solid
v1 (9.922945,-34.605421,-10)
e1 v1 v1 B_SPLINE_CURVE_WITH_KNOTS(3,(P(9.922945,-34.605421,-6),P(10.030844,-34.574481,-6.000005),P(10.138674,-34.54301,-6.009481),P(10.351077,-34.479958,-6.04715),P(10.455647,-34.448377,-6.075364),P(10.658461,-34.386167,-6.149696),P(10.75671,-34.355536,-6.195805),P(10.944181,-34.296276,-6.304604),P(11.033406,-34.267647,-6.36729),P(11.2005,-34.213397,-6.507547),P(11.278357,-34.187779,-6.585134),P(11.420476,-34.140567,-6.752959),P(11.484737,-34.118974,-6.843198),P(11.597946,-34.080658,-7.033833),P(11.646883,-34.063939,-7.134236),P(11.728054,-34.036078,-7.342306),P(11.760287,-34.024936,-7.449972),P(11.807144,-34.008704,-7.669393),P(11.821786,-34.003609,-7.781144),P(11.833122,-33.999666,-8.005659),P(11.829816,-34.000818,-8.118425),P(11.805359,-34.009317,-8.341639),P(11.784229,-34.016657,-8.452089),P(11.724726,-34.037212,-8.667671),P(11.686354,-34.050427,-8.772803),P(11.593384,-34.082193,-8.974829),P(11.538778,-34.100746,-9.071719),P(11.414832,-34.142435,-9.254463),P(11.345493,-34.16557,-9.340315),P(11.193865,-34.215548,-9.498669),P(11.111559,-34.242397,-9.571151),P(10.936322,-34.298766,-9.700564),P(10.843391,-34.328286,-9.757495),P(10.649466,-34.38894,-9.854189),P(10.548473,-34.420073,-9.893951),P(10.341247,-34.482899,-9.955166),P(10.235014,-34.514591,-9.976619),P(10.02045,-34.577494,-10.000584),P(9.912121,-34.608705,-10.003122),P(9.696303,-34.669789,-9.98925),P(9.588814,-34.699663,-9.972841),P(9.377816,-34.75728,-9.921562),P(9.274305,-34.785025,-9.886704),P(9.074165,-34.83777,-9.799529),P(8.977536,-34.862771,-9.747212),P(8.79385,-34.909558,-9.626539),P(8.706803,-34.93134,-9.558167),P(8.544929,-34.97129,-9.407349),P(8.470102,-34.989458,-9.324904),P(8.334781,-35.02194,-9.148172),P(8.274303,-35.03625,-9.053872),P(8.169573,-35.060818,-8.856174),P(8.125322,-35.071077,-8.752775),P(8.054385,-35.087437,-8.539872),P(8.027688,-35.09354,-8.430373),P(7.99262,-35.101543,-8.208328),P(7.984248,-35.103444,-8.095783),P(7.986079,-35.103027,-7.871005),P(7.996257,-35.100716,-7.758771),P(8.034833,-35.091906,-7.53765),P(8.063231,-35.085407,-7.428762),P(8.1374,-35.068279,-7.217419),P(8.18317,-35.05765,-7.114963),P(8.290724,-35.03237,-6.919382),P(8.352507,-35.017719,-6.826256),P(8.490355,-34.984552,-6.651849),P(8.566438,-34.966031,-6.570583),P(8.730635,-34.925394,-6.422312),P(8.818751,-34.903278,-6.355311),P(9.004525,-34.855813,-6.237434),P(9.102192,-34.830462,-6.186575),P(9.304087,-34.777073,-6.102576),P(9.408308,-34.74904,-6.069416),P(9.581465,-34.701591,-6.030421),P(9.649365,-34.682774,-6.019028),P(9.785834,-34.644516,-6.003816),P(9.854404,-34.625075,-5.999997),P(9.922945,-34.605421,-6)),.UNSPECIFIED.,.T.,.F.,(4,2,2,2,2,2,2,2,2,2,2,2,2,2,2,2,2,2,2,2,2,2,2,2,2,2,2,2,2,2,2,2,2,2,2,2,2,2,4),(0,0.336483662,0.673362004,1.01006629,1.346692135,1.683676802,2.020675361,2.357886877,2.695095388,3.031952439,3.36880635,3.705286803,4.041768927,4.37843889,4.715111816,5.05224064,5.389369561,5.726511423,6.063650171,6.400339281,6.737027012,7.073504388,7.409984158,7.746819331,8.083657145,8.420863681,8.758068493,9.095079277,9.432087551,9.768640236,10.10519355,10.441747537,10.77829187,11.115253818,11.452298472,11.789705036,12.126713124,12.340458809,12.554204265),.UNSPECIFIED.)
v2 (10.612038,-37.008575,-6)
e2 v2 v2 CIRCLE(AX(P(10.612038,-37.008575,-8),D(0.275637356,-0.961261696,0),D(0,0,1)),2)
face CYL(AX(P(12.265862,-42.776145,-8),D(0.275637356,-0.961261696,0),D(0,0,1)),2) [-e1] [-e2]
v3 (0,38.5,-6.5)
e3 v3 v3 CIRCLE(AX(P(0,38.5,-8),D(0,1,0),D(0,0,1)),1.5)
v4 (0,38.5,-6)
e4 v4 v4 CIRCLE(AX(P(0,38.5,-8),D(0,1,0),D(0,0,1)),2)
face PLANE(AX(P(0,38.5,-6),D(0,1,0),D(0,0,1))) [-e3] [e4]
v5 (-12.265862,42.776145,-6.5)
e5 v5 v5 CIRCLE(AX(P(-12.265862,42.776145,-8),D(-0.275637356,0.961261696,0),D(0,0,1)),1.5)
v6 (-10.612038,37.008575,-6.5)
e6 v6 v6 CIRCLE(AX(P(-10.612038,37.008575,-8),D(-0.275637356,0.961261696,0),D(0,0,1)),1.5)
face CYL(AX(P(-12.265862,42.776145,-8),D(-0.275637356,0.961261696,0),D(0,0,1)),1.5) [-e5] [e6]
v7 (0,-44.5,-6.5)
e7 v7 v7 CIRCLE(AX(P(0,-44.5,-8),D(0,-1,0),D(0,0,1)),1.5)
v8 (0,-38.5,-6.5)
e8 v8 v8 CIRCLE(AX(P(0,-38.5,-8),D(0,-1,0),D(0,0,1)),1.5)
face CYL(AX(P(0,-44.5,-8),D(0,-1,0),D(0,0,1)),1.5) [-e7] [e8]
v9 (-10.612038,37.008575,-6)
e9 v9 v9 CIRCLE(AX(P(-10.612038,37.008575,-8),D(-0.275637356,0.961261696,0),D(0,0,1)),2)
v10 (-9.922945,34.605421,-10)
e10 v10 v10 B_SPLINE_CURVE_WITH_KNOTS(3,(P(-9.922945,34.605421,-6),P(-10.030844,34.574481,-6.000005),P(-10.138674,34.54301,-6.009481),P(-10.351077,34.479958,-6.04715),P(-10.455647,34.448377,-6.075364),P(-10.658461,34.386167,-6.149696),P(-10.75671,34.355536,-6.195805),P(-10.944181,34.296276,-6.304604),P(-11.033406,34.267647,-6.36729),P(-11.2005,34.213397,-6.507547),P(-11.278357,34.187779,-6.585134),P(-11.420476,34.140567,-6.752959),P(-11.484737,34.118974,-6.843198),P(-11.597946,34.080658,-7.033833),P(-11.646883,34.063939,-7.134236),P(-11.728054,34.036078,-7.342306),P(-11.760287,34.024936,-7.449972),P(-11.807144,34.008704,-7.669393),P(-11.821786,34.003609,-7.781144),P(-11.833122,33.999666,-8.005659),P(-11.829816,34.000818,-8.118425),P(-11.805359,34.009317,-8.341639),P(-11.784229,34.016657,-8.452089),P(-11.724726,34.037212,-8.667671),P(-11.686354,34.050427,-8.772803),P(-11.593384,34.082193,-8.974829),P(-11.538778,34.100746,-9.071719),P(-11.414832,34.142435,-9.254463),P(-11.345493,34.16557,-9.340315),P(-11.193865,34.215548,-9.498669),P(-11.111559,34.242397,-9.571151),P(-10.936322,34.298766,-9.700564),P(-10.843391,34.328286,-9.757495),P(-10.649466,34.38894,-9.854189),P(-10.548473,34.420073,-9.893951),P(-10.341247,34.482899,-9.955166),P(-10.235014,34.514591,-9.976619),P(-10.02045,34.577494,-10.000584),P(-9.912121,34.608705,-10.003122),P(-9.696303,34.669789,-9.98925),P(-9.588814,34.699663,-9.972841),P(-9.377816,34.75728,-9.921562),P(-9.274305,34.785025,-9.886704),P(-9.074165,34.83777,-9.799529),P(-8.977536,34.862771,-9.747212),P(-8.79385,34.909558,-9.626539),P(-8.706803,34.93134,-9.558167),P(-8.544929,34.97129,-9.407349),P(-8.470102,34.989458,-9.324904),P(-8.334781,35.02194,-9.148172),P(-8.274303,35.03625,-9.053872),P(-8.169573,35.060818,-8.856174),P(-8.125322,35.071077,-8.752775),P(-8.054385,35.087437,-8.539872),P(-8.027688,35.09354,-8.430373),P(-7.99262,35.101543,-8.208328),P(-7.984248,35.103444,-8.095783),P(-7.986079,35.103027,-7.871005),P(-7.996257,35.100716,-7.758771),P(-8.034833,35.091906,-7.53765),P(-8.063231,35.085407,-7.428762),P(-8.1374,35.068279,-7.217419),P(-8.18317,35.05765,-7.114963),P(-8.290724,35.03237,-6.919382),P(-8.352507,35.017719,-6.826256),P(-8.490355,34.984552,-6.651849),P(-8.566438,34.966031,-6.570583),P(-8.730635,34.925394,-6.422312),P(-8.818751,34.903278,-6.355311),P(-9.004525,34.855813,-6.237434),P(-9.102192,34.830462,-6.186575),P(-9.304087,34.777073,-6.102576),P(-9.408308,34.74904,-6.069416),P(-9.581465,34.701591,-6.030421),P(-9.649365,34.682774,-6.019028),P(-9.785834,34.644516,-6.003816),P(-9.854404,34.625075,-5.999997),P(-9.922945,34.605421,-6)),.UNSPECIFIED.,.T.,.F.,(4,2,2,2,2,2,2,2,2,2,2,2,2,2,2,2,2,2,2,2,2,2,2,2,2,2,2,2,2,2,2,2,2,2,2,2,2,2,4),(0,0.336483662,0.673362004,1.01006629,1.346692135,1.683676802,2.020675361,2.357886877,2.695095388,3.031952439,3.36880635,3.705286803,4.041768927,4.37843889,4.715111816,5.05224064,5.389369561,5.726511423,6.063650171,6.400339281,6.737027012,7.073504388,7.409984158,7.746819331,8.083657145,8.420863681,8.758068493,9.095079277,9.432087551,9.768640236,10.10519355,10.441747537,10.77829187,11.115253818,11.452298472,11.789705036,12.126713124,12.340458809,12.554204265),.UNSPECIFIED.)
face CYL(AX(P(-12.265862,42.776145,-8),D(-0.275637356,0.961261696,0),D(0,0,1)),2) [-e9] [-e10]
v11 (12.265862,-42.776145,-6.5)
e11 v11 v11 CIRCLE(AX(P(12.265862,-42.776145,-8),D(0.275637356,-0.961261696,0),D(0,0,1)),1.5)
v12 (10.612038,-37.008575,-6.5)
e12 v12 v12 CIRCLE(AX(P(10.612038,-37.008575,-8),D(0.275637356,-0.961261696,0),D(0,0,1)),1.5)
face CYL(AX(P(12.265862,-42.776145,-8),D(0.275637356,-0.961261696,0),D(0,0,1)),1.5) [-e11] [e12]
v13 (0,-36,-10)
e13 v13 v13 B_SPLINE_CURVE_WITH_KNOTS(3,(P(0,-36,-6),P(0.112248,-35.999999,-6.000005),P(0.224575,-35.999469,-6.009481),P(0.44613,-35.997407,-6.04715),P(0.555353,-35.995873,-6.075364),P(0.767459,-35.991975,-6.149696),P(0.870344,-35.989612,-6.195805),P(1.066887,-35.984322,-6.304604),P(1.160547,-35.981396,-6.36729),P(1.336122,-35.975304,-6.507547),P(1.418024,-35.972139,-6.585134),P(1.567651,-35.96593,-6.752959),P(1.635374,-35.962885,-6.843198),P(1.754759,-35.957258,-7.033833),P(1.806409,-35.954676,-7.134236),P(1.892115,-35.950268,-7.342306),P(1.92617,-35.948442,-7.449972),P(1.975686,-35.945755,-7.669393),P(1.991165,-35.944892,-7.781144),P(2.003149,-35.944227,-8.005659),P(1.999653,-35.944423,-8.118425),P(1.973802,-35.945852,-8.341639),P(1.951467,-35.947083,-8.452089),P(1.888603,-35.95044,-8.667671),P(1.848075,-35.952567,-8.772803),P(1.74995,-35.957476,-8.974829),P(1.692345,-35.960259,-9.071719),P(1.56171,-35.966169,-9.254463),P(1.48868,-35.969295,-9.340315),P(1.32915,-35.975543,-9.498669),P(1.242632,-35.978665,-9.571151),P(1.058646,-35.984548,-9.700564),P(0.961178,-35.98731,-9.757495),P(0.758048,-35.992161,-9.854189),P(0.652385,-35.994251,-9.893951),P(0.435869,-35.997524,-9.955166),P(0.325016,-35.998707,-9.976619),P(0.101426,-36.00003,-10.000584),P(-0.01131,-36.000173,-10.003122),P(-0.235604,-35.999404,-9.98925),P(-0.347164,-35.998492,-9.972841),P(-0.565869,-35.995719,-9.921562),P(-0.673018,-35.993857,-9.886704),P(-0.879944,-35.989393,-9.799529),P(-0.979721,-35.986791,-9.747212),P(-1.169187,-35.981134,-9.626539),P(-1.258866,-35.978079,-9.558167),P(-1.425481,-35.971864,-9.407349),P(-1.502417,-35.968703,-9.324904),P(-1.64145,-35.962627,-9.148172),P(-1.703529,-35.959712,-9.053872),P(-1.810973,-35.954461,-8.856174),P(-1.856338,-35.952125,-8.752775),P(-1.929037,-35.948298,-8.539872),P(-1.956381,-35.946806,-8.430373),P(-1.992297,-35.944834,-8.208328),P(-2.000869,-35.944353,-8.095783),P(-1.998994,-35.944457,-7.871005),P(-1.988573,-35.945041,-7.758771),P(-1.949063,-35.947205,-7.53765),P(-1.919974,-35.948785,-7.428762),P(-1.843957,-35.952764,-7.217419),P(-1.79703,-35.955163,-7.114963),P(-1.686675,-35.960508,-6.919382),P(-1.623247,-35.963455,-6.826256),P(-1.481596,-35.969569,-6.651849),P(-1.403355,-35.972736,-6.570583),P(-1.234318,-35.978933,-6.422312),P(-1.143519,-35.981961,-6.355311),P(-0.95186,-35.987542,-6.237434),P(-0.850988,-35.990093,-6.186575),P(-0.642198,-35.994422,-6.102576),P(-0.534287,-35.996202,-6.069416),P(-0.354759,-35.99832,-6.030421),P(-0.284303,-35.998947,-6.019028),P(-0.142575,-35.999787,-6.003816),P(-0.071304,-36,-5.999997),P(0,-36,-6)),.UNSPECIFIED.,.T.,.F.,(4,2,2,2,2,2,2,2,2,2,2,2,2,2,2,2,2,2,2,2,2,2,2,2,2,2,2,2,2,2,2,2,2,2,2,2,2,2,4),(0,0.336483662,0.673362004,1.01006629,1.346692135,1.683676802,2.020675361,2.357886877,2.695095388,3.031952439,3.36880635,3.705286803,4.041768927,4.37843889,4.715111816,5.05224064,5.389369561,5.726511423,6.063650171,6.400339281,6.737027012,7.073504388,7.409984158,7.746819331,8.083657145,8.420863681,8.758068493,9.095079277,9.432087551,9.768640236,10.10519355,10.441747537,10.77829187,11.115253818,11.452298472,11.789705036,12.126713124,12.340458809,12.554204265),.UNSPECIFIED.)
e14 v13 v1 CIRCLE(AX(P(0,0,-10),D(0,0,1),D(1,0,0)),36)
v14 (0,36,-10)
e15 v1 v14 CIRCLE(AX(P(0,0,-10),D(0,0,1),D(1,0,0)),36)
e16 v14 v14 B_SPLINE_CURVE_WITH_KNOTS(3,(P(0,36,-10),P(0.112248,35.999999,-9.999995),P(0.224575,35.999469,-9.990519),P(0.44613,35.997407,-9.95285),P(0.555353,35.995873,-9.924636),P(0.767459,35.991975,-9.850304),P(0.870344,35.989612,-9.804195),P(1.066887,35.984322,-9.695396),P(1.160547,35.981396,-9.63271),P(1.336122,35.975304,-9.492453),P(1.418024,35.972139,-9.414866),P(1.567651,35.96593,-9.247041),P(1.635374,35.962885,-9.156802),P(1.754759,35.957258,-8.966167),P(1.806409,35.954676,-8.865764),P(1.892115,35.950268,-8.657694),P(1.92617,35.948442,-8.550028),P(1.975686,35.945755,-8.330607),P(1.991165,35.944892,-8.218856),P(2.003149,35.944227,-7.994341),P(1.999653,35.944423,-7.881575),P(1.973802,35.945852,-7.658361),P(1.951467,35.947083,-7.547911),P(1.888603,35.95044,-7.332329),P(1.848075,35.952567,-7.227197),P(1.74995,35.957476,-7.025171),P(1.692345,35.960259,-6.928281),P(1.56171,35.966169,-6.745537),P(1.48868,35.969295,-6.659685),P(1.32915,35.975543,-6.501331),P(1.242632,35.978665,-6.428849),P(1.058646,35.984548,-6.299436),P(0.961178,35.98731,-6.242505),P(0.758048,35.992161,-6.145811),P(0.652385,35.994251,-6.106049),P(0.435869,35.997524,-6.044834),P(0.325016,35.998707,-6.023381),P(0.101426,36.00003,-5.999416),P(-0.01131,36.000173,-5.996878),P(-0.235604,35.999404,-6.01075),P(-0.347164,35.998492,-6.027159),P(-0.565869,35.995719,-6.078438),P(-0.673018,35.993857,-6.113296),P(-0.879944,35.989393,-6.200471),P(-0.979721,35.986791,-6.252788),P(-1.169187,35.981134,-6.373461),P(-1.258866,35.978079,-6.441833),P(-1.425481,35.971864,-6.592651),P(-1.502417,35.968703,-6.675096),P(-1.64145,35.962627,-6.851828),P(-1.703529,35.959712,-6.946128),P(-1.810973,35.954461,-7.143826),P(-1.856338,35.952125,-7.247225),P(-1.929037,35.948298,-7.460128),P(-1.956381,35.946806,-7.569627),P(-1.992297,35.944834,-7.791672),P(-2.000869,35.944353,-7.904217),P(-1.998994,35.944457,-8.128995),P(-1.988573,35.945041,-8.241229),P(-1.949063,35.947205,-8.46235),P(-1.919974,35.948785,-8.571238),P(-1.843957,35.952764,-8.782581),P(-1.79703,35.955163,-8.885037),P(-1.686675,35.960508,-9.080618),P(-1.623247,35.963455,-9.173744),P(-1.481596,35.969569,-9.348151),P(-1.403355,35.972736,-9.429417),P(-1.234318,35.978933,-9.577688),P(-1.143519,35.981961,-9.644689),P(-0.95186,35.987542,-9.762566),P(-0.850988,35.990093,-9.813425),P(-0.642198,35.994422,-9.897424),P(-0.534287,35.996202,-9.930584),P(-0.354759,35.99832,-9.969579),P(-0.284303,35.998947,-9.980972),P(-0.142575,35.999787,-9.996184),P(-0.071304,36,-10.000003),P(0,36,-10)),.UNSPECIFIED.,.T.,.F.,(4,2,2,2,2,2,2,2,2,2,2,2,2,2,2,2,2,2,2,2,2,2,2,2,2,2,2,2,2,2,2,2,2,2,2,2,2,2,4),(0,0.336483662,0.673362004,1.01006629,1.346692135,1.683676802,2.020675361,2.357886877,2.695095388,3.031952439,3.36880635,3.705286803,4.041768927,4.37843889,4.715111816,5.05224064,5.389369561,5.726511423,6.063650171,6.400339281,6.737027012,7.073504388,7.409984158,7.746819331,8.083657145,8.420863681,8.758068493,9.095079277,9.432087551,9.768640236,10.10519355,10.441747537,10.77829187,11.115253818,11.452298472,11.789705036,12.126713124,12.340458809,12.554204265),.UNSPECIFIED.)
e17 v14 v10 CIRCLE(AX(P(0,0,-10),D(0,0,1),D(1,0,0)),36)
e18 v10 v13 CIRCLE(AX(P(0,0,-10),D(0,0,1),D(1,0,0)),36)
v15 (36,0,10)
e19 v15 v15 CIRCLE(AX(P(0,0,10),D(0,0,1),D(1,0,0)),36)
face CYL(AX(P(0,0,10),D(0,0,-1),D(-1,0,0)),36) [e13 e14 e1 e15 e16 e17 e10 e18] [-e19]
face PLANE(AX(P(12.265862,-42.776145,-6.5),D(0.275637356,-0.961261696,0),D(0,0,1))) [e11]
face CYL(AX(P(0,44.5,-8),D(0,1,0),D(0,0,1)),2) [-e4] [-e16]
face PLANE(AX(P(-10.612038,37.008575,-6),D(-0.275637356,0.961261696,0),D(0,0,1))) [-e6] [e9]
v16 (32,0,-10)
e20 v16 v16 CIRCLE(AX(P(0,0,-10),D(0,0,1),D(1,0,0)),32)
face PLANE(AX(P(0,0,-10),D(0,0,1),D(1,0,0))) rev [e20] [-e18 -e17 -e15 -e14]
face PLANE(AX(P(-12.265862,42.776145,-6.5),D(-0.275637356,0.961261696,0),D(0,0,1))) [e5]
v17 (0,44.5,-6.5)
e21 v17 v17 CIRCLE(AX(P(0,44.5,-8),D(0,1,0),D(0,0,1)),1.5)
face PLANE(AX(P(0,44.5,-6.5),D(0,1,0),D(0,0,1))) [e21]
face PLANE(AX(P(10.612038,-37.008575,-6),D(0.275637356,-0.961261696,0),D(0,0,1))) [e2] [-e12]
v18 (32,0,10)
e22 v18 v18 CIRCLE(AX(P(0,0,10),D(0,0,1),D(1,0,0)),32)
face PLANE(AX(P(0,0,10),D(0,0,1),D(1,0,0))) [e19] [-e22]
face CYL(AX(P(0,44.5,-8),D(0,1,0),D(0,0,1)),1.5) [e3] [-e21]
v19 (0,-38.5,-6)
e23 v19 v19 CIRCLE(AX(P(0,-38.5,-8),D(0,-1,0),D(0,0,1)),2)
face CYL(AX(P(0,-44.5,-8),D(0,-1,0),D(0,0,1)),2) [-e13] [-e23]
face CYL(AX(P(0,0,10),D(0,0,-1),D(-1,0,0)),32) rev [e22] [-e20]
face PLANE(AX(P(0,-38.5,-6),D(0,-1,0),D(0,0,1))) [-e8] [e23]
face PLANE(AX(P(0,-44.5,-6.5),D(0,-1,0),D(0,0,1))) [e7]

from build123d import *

# Parameters (mm, degrees)
SKETCH1_R           = 36
SKETCH1_R_2         = 32
BOSS_EXTRUDE1_DEPTH = 10
CIRPATTERN1_COUNT   = 2
CIRPATTERN1_ANGLE   = 16
CIRPATTERN2_COUNT   = 2


with BuildPart() as part:
    # Sketch1 → Boss-Extrude1 (new, symmetric)
    with BuildSketch(Plane.XY):
        Circle(SKETCH1_R)
        Circle(SKETCH1_R_2, mode=Mode.SUBTRACT)
    extrude(amount=BOSS_EXTRUDE1_DEPTH, both=True)

    # Sketch5 → Revolve1 (revolve)
    with BuildSketch(Plane(origin=(0, 0, 0), x_dir=(0, 0, -1), z_dir=(1, 0, 0))):
        Polygon((6, 32), (6, 38.5), (6.5, 38.5), (6.5, 44.5), (8, 44.5), (8, 32), align=None)
    revolve1 = revolve(axis=Axis((0, 44.5, -8), (0, -1, 0)))

    # CirPattern1: Revolve1 ×2 about axis
    cirpattern1_axis = Axis((0, 0, 10), (0, 0, 1))
    for i in range(1, CIRPATTERN1_COUNT):
        add(revolve1.rotate(cirpattern1_axis, i * CIRPATTERN1_ANGLE / (CIRPATTERN1_COUNT - 1)))

    # CirPattern2: Revolve1 ×2 about axis
    cirpattern2_axis = Axis((0, 0, 10), (0, 0, -1))
    for i in range(1, CIRPATTERN2_COUNT):
        add(revolve1.rotate(cirpattern2_axis, i * 360 / CIRPATTERN2_COUNT))

    # CirPattern2 copy 1 sketch → CirPattern2 copy 1 (revolve)
    with BuildSketch(Plane(origin=(0, 0, 0), x_dir=(0, 0, -1), z_dir=(-0.9612616959383187, -0.2756373558169999, 0))):
        Polygon((6, 32), (6, 38.5), (6.5, 38.5), (6.5, 44.5), (8, 44.5), (8, 32), align=None)
    revolve(axis=Axis((12.265862334, -42.776145469, -8), (-0.2756373558169999, 0.9612616959383187, 0)))


solid = part.part
